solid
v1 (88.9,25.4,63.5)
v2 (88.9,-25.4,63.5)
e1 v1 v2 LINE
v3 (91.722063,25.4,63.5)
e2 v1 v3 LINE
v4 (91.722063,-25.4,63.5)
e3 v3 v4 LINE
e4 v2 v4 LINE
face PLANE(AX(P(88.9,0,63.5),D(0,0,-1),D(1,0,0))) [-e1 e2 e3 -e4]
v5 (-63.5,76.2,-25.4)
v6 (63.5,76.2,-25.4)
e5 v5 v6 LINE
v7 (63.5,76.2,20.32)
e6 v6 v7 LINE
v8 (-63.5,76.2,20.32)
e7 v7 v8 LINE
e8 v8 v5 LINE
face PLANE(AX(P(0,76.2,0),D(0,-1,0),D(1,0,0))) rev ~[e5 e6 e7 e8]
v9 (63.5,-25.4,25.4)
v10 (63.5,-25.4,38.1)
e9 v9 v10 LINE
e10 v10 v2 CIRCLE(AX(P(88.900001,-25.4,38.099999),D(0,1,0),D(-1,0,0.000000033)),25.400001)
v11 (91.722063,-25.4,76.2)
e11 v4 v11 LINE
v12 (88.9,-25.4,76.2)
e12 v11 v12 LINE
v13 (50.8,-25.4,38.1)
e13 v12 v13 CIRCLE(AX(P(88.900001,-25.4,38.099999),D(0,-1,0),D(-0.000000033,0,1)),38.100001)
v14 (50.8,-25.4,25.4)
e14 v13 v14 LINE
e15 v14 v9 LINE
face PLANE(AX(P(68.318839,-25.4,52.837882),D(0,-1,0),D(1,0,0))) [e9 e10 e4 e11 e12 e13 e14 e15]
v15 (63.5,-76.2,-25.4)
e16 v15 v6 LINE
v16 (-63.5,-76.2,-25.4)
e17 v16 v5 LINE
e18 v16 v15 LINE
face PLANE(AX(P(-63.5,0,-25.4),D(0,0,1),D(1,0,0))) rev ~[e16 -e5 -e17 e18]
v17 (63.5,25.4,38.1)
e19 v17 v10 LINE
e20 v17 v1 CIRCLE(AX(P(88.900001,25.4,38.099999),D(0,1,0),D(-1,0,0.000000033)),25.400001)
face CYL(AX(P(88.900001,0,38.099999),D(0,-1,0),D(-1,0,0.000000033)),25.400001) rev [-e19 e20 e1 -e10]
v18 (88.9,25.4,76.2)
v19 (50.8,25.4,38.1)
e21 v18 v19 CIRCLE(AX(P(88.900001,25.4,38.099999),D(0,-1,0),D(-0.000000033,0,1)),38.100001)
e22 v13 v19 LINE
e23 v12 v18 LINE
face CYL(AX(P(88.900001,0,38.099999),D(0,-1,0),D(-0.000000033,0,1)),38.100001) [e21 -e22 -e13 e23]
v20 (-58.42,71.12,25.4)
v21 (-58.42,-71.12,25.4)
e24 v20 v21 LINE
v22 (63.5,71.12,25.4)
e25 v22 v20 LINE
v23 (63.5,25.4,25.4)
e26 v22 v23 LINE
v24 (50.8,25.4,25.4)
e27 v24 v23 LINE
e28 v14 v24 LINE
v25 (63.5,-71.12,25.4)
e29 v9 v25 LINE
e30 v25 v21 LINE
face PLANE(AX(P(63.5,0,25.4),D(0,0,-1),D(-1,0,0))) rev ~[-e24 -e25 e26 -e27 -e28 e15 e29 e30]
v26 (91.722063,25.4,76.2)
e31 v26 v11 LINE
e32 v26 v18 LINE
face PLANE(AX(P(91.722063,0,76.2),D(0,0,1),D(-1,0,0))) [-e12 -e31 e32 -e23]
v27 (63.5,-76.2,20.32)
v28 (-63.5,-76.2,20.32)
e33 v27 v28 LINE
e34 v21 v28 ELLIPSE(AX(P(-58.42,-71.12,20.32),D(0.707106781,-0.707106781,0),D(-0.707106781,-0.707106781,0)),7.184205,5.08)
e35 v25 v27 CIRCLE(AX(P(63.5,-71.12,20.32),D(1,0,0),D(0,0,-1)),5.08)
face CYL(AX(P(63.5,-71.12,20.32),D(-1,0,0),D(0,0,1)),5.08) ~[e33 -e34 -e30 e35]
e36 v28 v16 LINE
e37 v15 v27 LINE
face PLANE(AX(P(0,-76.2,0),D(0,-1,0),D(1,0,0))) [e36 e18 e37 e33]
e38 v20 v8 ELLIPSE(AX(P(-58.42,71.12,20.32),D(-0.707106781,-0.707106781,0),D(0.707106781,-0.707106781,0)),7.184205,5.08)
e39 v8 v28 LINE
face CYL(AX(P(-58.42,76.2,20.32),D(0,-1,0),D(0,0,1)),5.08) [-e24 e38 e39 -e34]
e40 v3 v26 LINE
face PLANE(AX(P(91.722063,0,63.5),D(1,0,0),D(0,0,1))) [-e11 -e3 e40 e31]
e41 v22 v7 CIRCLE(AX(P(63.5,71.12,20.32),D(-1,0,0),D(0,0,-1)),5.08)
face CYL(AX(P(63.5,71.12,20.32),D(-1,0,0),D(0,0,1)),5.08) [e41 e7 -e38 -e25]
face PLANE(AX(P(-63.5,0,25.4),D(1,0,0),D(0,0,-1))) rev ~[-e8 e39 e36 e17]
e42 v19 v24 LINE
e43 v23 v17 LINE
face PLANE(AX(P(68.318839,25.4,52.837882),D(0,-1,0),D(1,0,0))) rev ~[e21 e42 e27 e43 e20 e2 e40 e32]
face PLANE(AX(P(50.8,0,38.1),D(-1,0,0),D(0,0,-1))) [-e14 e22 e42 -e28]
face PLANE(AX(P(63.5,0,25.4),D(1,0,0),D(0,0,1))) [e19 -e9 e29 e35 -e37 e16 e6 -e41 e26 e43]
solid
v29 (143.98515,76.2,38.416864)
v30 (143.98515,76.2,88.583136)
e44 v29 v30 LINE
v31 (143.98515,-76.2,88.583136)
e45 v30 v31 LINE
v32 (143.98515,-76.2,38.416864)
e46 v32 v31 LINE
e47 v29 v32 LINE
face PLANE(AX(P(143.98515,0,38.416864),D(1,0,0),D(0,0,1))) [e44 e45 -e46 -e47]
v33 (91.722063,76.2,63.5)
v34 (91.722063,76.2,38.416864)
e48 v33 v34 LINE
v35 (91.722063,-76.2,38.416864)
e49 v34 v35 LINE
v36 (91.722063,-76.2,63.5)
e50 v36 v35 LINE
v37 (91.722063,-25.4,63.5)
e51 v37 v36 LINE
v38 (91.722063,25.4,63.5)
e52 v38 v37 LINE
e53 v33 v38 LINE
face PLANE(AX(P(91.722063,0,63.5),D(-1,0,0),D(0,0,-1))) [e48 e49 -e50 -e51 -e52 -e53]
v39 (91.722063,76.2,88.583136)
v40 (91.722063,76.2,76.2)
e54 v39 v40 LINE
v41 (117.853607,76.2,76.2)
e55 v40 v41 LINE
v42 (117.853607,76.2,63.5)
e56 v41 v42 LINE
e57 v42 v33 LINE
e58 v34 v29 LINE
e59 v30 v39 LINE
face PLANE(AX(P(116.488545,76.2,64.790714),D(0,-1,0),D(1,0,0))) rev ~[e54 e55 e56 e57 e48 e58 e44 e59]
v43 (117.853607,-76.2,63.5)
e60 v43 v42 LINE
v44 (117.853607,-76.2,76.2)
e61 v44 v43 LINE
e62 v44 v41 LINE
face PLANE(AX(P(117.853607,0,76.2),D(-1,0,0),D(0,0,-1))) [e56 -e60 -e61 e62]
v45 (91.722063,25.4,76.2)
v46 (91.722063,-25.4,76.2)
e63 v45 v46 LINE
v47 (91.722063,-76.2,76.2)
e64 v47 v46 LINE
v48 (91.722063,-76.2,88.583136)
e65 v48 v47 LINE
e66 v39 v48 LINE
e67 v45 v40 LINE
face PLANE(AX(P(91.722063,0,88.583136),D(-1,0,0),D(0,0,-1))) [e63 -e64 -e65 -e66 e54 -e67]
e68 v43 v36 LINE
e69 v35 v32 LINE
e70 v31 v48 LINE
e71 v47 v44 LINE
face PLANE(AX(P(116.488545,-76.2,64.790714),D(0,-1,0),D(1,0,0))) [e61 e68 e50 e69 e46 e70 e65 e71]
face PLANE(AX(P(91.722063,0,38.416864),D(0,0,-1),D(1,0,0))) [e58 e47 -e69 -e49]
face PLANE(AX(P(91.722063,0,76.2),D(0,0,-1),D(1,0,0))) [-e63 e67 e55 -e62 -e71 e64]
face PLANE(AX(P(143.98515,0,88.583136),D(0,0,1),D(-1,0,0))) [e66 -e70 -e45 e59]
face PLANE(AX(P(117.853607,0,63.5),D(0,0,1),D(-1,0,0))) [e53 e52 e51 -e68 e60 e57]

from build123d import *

# Parameters (mm, degrees)
F1_DEPTH = 25.4
F2_DEPTH = 76.2
F3_R     = 5.08


with BuildPart() as f1:
    # F0 (on Front) → F1 (new body, symmetric)
    with BuildSketch(Plane.XZ):
        with BuildLine():
            Line((50.8, 25.4), (63.5, 25.4))
            Line((63.5, 25.4), (63.5, 38.1))
            ThreePointArc((63.5, 38.1), (70.939488, 56.060512), (88.9, 63.5))
            Line((88.9, 63.5), (91.722063, 63.5))
            Line((91.722063, 63.5), (91.722063, 76.2))
            Line((91.722063, 76.2), (88.9, 76.2))
            ThreePointArc((88.9, 76.2), (61.959232, 65.040768), (50.8, 38.1))
            Line((50.8, 38.1), (50.8, 25.4))
        make_face()
    extrude(amount=F1_DEPTH, both=True)

    # F0 (on Front) → F2 (join, symmetric)
    with BuildSketch(Plane.XZ):
        Polygon((63.5, -25.4), (63.5, 25.4), (50.8, 25.4), (-63.5, 25.4), (-63.5, -25.4), align=None)
        Polygon((117.853607, 63.5), (91.722063, 63.5), (91.722063, 38.416864), (143.98515, 38.416864), (143.98515, 88.583136), (91.722063, 88.583136), (91.722063, 76.2), (117.853607, 76.2), align=None)
    extrude(amount=F2_DEPTH, both=True)

    # F3
    f3_edges = [f1.edges().sort_by_distance(p)[0] for p in [
        (0, -76.2, 25.4),
        (-63.5, 0, 25.4),
        (0, 76.2, 25.4),
    ]]
    fillet(f3_edges, radius=F3_R)


solid = f1.part
